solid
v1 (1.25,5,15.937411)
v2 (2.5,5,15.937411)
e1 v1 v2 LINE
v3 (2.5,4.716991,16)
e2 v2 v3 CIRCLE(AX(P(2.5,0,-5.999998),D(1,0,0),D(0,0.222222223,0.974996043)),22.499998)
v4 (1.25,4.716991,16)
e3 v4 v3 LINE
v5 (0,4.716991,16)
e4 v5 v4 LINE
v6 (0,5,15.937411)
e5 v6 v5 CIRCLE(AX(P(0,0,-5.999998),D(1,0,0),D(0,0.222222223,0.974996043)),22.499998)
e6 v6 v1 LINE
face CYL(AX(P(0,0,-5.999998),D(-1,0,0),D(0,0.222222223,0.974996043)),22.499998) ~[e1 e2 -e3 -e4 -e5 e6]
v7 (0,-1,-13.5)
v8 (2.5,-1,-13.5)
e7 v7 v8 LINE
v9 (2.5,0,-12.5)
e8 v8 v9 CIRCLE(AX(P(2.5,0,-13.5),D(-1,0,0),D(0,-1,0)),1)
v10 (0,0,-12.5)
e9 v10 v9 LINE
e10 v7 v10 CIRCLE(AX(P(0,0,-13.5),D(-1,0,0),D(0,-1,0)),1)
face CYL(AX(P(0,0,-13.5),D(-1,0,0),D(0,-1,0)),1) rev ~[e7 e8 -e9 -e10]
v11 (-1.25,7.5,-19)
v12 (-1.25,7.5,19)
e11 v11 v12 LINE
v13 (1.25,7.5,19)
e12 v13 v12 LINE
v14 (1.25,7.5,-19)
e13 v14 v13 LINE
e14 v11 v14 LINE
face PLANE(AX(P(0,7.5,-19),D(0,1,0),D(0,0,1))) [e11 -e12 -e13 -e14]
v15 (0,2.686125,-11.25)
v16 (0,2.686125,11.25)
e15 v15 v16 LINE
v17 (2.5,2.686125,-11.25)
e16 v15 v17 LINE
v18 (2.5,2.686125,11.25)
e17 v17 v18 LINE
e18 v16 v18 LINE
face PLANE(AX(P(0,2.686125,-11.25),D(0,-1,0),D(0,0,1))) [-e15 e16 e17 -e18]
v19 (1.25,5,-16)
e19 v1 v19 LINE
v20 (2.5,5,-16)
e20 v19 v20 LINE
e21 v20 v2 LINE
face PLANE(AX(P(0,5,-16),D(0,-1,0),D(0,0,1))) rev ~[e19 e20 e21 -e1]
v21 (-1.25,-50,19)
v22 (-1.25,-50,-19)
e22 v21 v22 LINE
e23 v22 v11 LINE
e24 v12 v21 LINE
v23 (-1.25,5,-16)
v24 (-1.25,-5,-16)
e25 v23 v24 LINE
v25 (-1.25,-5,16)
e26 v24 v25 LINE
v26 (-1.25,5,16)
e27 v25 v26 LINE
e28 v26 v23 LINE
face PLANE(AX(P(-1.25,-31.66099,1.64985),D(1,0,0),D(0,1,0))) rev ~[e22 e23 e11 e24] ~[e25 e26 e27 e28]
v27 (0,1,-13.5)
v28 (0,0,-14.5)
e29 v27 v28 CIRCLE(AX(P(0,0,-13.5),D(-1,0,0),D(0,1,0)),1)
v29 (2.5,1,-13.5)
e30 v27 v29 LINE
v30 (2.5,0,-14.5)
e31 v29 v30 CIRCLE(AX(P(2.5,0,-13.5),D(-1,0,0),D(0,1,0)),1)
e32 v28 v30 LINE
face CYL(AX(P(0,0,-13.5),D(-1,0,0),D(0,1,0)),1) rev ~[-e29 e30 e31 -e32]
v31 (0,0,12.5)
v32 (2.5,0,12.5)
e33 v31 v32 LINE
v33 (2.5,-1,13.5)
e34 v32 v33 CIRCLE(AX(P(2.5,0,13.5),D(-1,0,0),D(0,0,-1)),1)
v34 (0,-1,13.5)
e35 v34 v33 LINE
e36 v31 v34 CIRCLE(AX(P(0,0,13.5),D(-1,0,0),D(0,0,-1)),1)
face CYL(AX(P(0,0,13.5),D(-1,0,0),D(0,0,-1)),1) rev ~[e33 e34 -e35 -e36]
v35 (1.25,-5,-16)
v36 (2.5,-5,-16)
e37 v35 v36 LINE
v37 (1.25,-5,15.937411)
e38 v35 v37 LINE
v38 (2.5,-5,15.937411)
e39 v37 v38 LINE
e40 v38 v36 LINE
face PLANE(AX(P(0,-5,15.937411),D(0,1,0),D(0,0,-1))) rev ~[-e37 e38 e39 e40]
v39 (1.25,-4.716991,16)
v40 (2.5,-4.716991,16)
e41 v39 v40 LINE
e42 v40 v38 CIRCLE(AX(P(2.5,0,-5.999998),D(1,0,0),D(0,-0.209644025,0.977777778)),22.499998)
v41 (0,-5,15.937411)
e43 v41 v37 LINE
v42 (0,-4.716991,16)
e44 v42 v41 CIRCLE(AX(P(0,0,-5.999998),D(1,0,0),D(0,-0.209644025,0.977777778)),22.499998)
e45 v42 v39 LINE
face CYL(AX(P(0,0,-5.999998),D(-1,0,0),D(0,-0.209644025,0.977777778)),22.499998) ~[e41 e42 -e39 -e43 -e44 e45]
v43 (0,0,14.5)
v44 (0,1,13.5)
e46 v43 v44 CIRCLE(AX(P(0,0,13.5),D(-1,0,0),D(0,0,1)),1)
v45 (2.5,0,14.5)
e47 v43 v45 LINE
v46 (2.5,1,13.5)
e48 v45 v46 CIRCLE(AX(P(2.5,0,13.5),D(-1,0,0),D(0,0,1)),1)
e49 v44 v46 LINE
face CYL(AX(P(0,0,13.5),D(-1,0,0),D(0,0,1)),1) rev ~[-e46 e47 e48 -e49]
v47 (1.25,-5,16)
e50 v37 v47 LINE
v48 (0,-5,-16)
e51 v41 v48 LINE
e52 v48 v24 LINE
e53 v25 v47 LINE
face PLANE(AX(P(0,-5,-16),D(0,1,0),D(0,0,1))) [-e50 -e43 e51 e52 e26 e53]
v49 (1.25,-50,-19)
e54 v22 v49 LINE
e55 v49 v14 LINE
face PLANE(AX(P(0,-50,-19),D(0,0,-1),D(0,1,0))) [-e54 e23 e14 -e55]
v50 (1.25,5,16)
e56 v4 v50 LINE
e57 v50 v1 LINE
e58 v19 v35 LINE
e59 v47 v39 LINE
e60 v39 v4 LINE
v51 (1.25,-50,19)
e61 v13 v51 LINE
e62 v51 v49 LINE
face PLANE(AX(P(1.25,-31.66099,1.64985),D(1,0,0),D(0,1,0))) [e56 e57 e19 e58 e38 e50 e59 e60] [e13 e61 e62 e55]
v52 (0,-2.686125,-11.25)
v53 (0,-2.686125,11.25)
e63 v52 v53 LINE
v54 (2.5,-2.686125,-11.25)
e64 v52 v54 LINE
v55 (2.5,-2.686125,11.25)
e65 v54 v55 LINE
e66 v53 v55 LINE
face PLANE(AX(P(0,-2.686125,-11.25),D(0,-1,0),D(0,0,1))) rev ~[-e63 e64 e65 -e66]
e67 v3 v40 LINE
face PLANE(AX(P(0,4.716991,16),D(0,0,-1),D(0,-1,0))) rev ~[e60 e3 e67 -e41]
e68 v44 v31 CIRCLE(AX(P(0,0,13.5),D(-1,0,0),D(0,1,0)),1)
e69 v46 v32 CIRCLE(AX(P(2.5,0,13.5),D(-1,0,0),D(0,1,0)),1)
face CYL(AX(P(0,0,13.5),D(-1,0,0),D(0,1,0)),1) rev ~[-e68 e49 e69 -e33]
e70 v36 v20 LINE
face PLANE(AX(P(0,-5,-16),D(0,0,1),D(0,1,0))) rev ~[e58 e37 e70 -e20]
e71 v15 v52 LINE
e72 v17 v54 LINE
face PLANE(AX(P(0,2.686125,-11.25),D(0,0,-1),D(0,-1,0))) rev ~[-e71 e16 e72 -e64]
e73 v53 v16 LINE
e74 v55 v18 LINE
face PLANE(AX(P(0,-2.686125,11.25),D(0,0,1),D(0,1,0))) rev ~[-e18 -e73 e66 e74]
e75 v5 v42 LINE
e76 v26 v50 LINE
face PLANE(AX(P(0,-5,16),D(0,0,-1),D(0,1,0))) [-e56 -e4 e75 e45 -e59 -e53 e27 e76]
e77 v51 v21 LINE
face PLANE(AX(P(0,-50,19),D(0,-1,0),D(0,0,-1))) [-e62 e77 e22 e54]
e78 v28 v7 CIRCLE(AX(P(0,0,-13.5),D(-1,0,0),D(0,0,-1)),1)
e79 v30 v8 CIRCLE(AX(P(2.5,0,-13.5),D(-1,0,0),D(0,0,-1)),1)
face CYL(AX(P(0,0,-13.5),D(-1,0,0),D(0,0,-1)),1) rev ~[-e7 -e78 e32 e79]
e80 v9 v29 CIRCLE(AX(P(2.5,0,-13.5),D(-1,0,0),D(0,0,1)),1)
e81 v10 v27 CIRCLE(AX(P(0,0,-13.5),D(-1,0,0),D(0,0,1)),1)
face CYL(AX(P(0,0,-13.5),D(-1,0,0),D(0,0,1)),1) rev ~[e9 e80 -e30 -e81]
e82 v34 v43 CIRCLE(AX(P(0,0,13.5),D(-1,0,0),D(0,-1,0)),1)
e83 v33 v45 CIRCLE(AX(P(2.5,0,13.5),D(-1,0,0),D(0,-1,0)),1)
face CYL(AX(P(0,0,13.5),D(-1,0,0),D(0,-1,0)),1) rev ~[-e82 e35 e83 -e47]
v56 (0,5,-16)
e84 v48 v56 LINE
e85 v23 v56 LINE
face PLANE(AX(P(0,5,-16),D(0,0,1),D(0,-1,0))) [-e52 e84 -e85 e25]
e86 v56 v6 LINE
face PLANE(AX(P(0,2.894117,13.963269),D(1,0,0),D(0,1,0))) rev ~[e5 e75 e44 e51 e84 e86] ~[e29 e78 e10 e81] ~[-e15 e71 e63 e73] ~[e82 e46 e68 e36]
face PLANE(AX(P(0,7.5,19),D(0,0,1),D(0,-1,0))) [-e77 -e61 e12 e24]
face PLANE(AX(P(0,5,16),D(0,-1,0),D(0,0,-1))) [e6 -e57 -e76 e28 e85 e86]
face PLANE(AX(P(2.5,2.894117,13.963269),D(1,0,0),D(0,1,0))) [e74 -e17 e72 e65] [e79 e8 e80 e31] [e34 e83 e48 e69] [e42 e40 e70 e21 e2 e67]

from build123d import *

# Parameters (mm, degrees)
F0_W     = 2.3138754722
F0_H     = 22.5
F1_DEPTH = 2.5
F2_DEPTH = 1.25


with BuildPart() as f1:
    # F0 (on Right) → F1 (new body)
    with BuildSketch(Plane.YZ):
        with BuildLine():
            Line((5, 11.25), (5, 15.9374109685))
            ThreePointArc((5, 15.9374109685), (4.858596069, 15.9691612093), (4.716990566, 16))
            Line((4.716990566, 16), (0, 16))
            Line((0, 16), (0, 14.5))
            ThreePointArc((0, 14.5), (0.7071067812, 14.2071067812), (1, 13.5))
            Line((1, 13.5), (2.6861245278, 13.5))
            Line((2.6861245278, 13.5), (2.6861245278, 11.25))
            Line((2.6861245278, 11.25), (5, 11.25))
        make_face()
        with BuildLine():
            ThreePointArc((-4.716990566, 16), (-4.858596069, 15.9691612093), (-5, 15.9374109685))
            Line((-5, 15.9374109685), (-5, 11.25))
            Line((-5, 11.25), (-2.6861245278, 11.25))
            Line((-2.6861245278, 11.25), (-2.6861245278, 13.5))
            Line((-2.6861245278, 13.5), (-1, 13.5))
            ThreePointArc((-1, 13.5), (-0.7071067812, 14.2071067812), (0, 14.5))
            Line((0, 14.5), (0, 16))
            Line((0, 16), (-4.716990566, 16))
        make_face()
        with BuildLine():
            Line((0, 11.25), (2.6861245278, 11.25))
            Line((2.6861245278, 11.25), (2.6861245278, 13.5))
            Line((2.6861245278, 13.5), (1, 13.5))
            ThreePointArc((1, 13.5), (0.7071067812, 12.7928932188), (0, 12.5))
            Line((0, 12.5), (0, 11.25))
        make_face()
        with BuildLine():
            Line((-2.6861245278, 11.25), (0, 11.25))
            Line((0, 11.25), (0, 12.5))
            ThreePointArc((0, 12.5), (-0.7071067812, 12.7928932188), (-1, 13.5))
            Line((-1, 13.5), (-2.6861245278, 13.5))
            Line((-2.6861245278, 13.5), (-2.6861245278, 11.25))
        make_face()
        with BuildLine():
            Line((-2.6861245278, -13.5), (-1, -13.5))
            ThreePointArc((-1, -13.5), (-0.7071067812, -12.7928932188), (0, -12.5))
            Line((0, -12.5), (0, -11.25))
            Line((0, -11.25), (-2.6861245278, -11.25))
            Line((-2.6861245278, -11.25), (-2.6861245278, -13.5))
        make_face()
        with BuildLine():
            ThreePointArc((0, -12.5), (0.7071067812, -12.7928932188), (1, -13.5))
            Line((1, -13.5), (2.6861245278, -13.5))
            Line((2.6861245278, -13.5), (2.6861245278, -11.25))
            Line((2.6861245278, -11.25), (0, -11.25))
            Line((0, -11.25), (0, -12.5))
        make_face()
        with BuildLine():
            Line((0, -14.5), (0, -16))
            Line((0, -16), (5, -16))
            Line((5, -16), (5, -11.25))
            Line((5, -11.25), (2.6861245278, -11.25))
            Line((2.6861245278, -11.25), (2.6861245278, -13.5))
            Line((2.6861245278, -13.5), (1, -13.5))
            ThreePointArc((1, -13.5), (0.7071067812, -14.2071067812), (0, -14.5))
        make_face()
        with BuildLine():
            Line((-5, -16), (0, -16))
            Line((0, -16), (0, -14.5))
            ThreePointArc((0, -14.5), (-0.7071067812, -14.2071067812), (-1, -13.5))
            Line((-1, -13.5), (-2.6861245278, -13.5))
            Line((-2.6861245278, -13.5), (-2.6861245278, -11.25))
            Line((-2.6861245278, -11.25), (-5, -11.25))
            Line((-5, -11.25), (-5, -16))
        make_face()
        with Locations((-3.8430622639, 0)):
            Rectangle(F0_W, F0_H)
        with Locations((3.8430622639, 0)):
            Rectangle(F0_W, F0_H)
    extrude(amount=F1_DEPTH)

    # F0 (on Right) → F2 (join, symmetric)
    with BuildSketch(Plane.YZ):
        with BuildLine():
            ThreePointArc((-18.3643676722, -19), (-21.4447476344, 0.809757624), (-7.5, 15.2132034356))
            Line((-7.5, 15.2132034356), (-7.5, 19))
            Line((-7.5, 19), (-50, 19))
            Line((-50, 19), (-50, 16))
            Line((-50, 16), (-50, -19))
            Line((-50, -19), (-18.3643676722, -19))
        make_face()
        with BuildLine():
            Line((-18.3643676722, -19), (-7.5, -19))
            Line((-7.5, -19), (-7.5, 15.2132034356))
            ThreePointArc((-7.5, 15.2132034356), (-21.4447476344, 0.809757624), (-18.3643676722, -19))
        make_face()
        with BuildLine():
            Line((-7.5, -19), (0, -19))
            Line((0, -19), (0, -16))
            Line((0, -16), (-5, -16))
            Line((-5, -16), (-5, -11.25))
            Line((-5, -11.25), (-5, 11.25))
            Line((-5, 11.25), (-5, 15.9374109685))
            ThreePointArc((-5, 15.9374109685), (-6.2604807433, 15.6114872432), (-7.5, 15.2132034356))
            Line((-7.5, 15.2132034356), (-7.5, -19))
        make_face()
        with BuildLine():
            ThreePointArc((5, 15.9374109685), (6.2604807433, 15.6114872432), (7.5, 15.2132034356))
            Line((7.5, 15.2132034356), (7.5, 19))
            Line((7.5, 19), (-7.5, 19))
            Line((-7.5, 19), (-7.5, 15.2132034356))
            ThreePointArc((-7.5, 15.2132034356), (-6.2604807433, 15.6114872432), (-5, 15.9374109685))
            Line((-5, 15.9374109685), (-5, 16))
            Line((-5, 16), (-4.716990566, 16))
            ThreePointArc((-4.716990566, 16), (0, 16.5), (4.716990566, 16))
            Line((4.716990566, 16), (5, 16))
            Line((5, 16), (5, 15.9374109685))
        make_face()
        with BuildLine():
            Line((0, -19), (7.5, -19))
            Line((7.5, -19), (7.5, 15.2132034356))
            ThreePointArc((7.5, 15.2132034356), (6.2604807433, 15.6114872432), (5, 15.9374109685))
            Line((5, 15.9374109685), (5, 11.25))
            Line((5, 11.25), (5, -11.25))
            Line((5, -11.25), (5, -16))
            Line((5, -16), (0, -16))
            Line((0, -16), (0, -19))
        make_face()
        with BuildLine():
            Line((0, 16), (4.716990566, 16))
            ThreePointArc((4.716990566, 16), (0, 16.5), (-4.716990566, 16))
            Line((-4.716990566, 16), (0, 16))
        make_face()
    extrude(amount=F2_DEPTH, both=True)


solid = f1.part
